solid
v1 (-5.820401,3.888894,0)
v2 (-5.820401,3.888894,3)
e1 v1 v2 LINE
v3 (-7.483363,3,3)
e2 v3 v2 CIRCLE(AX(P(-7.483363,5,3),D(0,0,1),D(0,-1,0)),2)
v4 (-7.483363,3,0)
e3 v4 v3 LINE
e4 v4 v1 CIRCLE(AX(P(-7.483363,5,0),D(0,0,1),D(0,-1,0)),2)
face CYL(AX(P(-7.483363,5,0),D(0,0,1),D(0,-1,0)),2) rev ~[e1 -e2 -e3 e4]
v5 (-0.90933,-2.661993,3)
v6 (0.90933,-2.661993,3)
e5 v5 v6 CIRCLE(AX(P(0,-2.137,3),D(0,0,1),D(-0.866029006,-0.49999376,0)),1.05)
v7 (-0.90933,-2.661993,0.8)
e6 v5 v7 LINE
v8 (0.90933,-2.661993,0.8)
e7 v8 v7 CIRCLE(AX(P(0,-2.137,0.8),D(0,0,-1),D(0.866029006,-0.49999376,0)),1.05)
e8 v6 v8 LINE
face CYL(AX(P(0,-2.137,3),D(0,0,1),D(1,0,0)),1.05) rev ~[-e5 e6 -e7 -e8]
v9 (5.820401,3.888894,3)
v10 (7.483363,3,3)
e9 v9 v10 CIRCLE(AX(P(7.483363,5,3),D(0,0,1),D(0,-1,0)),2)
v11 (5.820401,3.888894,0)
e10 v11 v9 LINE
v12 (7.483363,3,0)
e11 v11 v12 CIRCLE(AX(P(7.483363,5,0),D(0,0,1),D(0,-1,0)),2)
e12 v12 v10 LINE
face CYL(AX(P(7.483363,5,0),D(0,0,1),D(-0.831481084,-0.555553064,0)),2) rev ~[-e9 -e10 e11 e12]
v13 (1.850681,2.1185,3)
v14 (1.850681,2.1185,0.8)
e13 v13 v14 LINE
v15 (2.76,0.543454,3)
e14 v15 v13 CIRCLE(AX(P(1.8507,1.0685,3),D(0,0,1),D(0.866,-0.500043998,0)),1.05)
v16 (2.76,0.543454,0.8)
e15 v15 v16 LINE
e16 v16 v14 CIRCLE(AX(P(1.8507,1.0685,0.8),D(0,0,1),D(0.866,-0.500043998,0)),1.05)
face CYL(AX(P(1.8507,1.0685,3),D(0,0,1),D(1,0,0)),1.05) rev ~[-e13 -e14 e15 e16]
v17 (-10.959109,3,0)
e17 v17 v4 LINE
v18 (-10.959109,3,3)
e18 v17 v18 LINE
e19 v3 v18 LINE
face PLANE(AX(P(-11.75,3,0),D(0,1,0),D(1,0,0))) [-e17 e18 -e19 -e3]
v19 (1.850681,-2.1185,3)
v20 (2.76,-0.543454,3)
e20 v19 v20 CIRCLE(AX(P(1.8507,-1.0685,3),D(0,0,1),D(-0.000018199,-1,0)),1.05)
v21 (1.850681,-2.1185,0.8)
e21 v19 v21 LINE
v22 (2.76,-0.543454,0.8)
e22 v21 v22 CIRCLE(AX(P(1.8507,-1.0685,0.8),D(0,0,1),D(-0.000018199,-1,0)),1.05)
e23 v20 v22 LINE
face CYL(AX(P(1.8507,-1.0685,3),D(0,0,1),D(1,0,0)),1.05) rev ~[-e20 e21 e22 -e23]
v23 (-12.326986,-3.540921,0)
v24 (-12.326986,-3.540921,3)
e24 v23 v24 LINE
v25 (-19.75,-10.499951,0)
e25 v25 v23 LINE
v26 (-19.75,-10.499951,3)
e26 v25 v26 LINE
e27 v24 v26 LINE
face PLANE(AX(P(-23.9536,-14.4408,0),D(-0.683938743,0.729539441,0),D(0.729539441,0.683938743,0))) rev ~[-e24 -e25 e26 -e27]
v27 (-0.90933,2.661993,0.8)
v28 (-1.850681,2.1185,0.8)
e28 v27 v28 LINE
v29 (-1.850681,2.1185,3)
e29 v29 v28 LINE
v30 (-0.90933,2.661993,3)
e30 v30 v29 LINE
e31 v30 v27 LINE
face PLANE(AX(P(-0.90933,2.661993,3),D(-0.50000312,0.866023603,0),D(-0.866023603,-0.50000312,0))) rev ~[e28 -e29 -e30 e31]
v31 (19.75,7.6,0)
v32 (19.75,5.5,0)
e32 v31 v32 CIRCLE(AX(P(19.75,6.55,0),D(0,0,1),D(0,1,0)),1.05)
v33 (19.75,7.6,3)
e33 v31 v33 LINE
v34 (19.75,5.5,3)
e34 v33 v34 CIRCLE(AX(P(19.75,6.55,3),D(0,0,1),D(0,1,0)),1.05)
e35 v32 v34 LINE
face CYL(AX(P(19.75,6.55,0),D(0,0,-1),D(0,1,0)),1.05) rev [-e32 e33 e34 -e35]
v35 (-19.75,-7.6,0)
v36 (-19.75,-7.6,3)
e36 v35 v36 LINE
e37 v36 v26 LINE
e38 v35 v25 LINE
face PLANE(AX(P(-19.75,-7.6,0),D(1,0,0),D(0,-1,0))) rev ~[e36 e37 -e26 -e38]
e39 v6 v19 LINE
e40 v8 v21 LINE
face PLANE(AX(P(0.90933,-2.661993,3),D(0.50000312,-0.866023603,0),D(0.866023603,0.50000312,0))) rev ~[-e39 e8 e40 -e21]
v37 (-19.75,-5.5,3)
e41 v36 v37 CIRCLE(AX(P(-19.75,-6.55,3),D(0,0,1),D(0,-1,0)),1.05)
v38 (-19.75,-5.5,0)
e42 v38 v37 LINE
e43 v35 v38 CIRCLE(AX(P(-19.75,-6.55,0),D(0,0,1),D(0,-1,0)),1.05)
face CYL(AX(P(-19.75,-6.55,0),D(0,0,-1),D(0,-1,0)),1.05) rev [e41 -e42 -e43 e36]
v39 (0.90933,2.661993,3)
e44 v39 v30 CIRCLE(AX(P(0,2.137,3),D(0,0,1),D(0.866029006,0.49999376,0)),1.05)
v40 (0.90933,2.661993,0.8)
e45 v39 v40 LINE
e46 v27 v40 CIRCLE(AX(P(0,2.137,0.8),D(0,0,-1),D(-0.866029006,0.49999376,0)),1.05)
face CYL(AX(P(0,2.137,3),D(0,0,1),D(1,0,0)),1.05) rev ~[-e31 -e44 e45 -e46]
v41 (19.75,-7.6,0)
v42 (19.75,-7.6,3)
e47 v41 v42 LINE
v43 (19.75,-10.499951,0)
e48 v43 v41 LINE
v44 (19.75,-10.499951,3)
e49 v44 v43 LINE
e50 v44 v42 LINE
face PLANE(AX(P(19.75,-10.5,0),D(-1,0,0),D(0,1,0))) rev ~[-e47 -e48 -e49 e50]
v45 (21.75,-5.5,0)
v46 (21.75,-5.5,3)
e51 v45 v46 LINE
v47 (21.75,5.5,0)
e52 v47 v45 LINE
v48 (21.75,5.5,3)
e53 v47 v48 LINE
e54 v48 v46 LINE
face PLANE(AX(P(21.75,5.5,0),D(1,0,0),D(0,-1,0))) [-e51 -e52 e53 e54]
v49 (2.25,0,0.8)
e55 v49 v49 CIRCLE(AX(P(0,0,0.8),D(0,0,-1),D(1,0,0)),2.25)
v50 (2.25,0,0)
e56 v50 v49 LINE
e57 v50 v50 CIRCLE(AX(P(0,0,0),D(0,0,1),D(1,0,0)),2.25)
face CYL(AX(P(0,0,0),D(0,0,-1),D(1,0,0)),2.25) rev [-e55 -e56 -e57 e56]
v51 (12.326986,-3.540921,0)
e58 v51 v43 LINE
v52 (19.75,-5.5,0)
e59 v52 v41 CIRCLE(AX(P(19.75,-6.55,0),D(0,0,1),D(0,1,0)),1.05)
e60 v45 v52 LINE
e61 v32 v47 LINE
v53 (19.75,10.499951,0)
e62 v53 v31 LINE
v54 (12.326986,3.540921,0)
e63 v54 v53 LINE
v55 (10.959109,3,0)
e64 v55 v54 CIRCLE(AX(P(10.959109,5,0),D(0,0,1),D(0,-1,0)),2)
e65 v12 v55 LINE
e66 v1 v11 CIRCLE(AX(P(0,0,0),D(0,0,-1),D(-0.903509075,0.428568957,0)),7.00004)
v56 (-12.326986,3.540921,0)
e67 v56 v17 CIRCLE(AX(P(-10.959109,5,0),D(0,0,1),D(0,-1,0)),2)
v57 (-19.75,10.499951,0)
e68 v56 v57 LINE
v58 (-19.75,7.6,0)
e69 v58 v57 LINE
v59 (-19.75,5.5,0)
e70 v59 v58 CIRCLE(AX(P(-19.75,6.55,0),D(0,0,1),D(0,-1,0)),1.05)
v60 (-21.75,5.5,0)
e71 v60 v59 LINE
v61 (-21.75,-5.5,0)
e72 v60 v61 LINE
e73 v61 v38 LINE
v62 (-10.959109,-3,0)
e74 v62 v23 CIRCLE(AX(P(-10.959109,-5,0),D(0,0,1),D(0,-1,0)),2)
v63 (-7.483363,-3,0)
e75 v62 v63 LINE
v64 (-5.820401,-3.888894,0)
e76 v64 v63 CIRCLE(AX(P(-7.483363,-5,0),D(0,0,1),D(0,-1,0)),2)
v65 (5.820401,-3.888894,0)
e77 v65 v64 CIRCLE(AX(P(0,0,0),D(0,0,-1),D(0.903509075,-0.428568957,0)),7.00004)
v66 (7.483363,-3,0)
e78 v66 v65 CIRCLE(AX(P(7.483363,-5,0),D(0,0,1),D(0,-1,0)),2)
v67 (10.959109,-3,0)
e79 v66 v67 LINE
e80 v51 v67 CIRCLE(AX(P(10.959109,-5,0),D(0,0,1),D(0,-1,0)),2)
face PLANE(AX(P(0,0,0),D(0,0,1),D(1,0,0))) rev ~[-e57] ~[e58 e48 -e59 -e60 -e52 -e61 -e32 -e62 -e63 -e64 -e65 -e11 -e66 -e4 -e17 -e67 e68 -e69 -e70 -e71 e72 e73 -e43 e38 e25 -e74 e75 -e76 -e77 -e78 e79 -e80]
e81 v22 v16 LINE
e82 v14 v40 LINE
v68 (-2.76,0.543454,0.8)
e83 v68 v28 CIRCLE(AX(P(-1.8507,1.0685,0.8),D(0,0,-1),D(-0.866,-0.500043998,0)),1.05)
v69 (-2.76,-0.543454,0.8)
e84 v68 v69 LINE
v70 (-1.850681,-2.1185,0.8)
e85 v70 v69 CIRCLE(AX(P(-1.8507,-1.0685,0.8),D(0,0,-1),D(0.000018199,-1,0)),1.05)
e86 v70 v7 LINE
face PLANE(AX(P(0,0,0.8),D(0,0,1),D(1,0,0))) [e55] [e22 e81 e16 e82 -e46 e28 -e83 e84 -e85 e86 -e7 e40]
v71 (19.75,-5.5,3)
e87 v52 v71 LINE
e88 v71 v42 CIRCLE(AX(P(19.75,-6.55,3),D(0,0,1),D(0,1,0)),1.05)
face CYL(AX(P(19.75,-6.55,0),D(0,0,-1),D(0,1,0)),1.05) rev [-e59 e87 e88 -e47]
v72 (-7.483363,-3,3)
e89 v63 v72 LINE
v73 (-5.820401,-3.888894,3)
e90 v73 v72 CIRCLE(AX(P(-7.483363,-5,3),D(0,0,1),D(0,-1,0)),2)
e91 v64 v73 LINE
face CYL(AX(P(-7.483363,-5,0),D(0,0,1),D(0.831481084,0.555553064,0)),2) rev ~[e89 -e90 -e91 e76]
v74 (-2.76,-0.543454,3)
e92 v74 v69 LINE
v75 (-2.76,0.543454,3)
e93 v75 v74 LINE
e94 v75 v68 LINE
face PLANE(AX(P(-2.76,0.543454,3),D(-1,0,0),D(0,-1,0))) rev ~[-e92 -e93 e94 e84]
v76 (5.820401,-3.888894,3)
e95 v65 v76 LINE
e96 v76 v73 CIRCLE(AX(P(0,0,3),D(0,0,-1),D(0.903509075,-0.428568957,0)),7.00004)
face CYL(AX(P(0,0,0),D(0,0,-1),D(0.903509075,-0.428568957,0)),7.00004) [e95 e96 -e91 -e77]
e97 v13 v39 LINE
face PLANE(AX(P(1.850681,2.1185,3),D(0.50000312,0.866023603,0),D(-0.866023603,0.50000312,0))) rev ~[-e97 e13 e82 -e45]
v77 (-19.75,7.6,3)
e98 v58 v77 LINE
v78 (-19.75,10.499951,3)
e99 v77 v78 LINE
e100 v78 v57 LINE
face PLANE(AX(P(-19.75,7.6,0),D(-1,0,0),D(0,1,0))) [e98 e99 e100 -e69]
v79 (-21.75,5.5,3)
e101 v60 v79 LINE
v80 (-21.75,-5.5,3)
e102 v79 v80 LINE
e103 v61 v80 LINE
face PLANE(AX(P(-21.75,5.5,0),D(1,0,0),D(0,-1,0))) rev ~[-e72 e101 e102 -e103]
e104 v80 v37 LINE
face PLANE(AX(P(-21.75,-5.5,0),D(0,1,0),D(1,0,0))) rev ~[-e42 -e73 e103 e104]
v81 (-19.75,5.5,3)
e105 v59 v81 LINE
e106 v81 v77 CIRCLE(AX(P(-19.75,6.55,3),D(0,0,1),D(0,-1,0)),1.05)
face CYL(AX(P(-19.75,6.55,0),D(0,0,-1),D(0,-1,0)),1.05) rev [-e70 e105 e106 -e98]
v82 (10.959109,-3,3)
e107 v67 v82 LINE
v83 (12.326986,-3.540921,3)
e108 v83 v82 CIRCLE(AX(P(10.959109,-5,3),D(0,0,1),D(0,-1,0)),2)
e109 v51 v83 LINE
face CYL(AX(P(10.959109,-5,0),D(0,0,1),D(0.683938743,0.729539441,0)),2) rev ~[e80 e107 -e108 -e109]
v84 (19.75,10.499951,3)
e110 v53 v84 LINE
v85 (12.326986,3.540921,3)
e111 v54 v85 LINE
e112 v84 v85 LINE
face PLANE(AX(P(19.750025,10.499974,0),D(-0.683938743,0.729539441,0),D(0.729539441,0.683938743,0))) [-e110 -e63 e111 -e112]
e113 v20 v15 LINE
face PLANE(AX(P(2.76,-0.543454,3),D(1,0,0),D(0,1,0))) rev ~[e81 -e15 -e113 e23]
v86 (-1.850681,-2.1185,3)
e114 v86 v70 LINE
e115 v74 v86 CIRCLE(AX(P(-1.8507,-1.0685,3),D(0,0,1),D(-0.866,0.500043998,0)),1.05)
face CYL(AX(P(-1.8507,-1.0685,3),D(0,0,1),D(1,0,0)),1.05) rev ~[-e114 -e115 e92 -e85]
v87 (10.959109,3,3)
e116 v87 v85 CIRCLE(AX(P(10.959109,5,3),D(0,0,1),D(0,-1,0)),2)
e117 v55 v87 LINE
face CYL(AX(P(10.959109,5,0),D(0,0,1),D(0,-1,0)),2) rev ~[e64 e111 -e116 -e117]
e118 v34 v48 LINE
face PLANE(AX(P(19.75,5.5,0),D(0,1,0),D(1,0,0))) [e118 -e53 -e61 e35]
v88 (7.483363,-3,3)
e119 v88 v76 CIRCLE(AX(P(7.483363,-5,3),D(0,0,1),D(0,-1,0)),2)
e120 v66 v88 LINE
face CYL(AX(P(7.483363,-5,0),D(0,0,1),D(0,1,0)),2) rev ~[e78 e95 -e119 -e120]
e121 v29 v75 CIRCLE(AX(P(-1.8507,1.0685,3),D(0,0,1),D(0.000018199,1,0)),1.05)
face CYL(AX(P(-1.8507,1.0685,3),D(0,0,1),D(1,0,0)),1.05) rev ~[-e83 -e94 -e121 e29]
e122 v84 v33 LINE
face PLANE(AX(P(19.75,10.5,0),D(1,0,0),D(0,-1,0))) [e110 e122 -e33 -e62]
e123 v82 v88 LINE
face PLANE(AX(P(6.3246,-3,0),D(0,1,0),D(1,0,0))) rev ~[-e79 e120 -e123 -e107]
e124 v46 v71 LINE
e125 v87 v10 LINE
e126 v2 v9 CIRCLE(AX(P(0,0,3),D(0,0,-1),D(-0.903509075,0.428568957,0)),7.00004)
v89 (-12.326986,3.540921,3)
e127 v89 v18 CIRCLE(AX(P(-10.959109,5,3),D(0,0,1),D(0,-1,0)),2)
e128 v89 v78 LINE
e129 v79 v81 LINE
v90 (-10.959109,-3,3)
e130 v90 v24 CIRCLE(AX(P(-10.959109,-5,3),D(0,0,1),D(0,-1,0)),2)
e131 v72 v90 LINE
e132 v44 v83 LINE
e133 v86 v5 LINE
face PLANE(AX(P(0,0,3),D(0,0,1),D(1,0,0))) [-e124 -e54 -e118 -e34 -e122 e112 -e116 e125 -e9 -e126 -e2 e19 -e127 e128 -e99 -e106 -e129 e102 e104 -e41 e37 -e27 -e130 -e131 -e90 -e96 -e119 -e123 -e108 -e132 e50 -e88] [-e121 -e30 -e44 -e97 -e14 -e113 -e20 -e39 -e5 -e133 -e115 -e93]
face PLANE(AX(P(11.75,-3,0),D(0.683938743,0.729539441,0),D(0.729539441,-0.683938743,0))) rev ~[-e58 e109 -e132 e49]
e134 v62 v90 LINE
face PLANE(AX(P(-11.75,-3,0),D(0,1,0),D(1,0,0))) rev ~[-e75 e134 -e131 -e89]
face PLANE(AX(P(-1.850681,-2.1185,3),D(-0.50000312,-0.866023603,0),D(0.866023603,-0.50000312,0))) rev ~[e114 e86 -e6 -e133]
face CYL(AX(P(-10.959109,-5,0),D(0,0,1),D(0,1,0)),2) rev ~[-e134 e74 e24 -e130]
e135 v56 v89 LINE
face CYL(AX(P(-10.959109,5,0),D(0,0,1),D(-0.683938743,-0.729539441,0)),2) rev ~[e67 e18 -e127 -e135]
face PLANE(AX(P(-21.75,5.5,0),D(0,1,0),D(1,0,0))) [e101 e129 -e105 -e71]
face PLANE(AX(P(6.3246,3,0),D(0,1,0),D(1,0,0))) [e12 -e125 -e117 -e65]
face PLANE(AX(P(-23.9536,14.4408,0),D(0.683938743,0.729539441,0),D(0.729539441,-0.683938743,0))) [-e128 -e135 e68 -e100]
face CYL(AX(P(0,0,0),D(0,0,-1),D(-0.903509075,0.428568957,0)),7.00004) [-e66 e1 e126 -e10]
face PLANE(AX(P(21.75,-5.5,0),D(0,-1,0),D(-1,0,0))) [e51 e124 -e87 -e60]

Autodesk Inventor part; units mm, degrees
ref_plane "YZ Plane" through (0, 0, 0) normal (1, 0, 0) x (0, 1, 0)
ref_plane "XZ Plane" through (0, 0, 0) normal (0, 1, 0) x (-1, 0, 0)
ref_plane "XY Plane" through (0, 0, 0) normal (0, 0, 1) x (1, 0, 0)
sketch "スケッチ1" plane through (0, 0, 0) normal (0, 0, 1) x (1, 0, 0)
  line L0 (-21.75, 5.5) -> (-21.75, -5.5)
  line L1 (-21.75, -5.5) -> (-19.75, -5.5)
  line L2 (-21.75, 5.5) -> (-19.75, 5.5)
  line L3 (-19.75, 7.6) -> (-19.75, 10.5)
  line L4 (-19.75, 10.5) -> (19.75, 10.5)
  line L5 (19.75, 10.5) -> (19.75, 7.6)
  line L6 (-19.75, -7.6) -> (-19.75, -10.5)
  line L7 (-19.75, -10.5) -> (19.75, -10.5)
  line L8 (19.75, -10.5) -> (19.75, -7.6)
  line L9 (19.75, 5.5) -> (21.75, 5.5)
  line L10 (21.75, 5.5) -> (21.75, -5.5)
  line L11 (21.75, -5.5) -> (19.75, -5.5)
  line L12 (0, 0) -> (0, 10.5) construction
  line L13 (0, 0) -> (-21.75, 0) construction
  arc A0 (-19.75, 5.5) -> (-19.75, 7.6) centre (-19.75, 6.55) ccw
  arc A1 (-19.75, -7.6) -> (-19.75, -5.5) centre (-19.75, -6.55) ccw
  arc A2 (19.75, 7.6) -> (19.75, 5.5) centre (19.75, 6.55) ccw
  arc A3 (19.75, -5.5) -> (19.75, -7.6) centre (19.75, -6.55) ccw
  circle A4 centre (0, 0) radius 2.25
  dimension "d0" = 39.5
  dimension "d1" = 2
  dimension "d2" = 11
  dimension "d8" = 1.05
  dimension "d10" = 5
  dimension "d12" = 4.5
extrude "押し出し1" add sketch "スケッチ1" along normal blind 3
sketch "スケッチ2" plane through (0, 0, 0) normal (0, 0, -1) x (-1, 0, 0)
  circle A0 centre (0, 0) radius 2.25 projected
  line L0 (-19.75, 10.5) -> (19.75, 10.5) projected
  line L1 (-21.75, -5.5) -> (-21.75, 5.5) projected
  arc A1 (6.3246, 3) -> (-6.3246, 3) centre (0, 0) ccw
  line L2 (-6.3246, 3) -> (-11.75, 3)
  line L3 (-11.75, 3) -> (-23.9536, 14.4408)
  line L4 (-23.9536, 14.4408) -> (23.9536, 14.4408)
  line L5 (23.9536, 14.4408) -> (11.75, 3)
  line L6 (11.75, 3) -> (6.3246, 3)
  line L7 (-19.75, 10.5) -> (19.75, 10.5) construction
  line L8 (0, 10.5) -> (0, 0) construction
  line L9 (0, 0) -> (-21.75, 0) construction
  arc A2 (-6.3246, -3) -> (6.3246, -3) centre (0, 0) ccw
  line L10 (-6.3246, -3) -> (-11.75, -3)
  line L11 (-11.75, -3) -> (-23.9536, -14.4408)
  line L12 (-23.9536, -14.4408) -> (23.9536, -14.4408)
  line L13 (23.9536, -14.4408) -> (11.75, -3)
  line L14 (11.75, -3) -> (6.3246, -3)
  dimension "d17" = 7
  dimension "d19" = 3
  dimension "d38" = 8
extrude "押し出し2" cut sketch "スケッチ2" against normal blind 10 contours L3 L4 L5 L0 | L0 L5 L6 A1 L2 L3 | A2 L14 L13 L12 L11 L10
fillet "フィレット1" radius 2 8 edges at (6.3246, 3, 1.5) (-6.3246, 3, 1.5) (6.3246, -3, 1.5) (-6.3246, -3, 1.5) (11.75, -3, 1.5) (11.75, 3, 1.5) (-11.75, 3, 1.5) (-11.75, -3, 1.5)
sketch "スケッチ3" plane through (0, 0, 3) normal (0, 0, 1) x (1, 0, 0)
  circle A0 centre (0, 0) radius 2.25 projected
  line L0 (2.75, 1.5877) -> (2.75, -1.5877)
  line L1 (2.75, -1.5877) -> (0, -3.1754)
  line L2 (0, -3.1754) -> (-2.75, -1.5877)
  line L3 (-2.75, -1.5877) -> (-2.75, 1.5877)
  line L4 (-2.75, 1.5877) -> (0, 3.1754)
  line L5 (0, 3.1754) -> (2.75, 1.5877)
  line L6 (0, 3.187) -> (-2.76, 1.5935)
  line L7 (-2.76, 1.5935) -> (-2.76, -1.5935)
  line L8 (-2.76, -1.5935) -> (0, -3.187)
  line L9 (0, -3.187) -> (2.76, -1.5935)
  line L10 (2.76, -1.5935) -> (2.76, 1.5935)
  line L11 (2.76, 1.5935) -> (0, 3.187)
  circle A1 centre (0, 2.137) radius 1.05
  circle A2 centre (-1.8507, 1.0685) radius 1.05
  circle A3 centre (-1.8507, -1.0685) radius 1.05
  circle A4 centre (0, -2.137) radius 1.05
  circle A5 centre (1.8507, -1.0685) radius 1.05
  circle A6 centre (1.8507, 1.0685) radius 1.05
  point P0 (-2.76, 1.5935)
  point P1 (-2.76, -1.5935)
  point P2 (0, -3.187)
  point P3 (2.76, -1.5935)
  point P4 (2.76, 1.5935)
  dimension "d47" = 2.1
  dimension "d46" = 5.5
  dimension "d48" = 0.01
  dimension "d51" = 360
extrude "押し出し3" cut sketch "スケッチ3" against normal blind 2.2
equation "\"d2\" = d3"
equation "\"d10\" = d27"
equation "\"d3\" = 11"
equation "\"d27\" = 5"
properties part number "足首_サブフレーム_1_3" material "アルミニウム 2014-T4"
